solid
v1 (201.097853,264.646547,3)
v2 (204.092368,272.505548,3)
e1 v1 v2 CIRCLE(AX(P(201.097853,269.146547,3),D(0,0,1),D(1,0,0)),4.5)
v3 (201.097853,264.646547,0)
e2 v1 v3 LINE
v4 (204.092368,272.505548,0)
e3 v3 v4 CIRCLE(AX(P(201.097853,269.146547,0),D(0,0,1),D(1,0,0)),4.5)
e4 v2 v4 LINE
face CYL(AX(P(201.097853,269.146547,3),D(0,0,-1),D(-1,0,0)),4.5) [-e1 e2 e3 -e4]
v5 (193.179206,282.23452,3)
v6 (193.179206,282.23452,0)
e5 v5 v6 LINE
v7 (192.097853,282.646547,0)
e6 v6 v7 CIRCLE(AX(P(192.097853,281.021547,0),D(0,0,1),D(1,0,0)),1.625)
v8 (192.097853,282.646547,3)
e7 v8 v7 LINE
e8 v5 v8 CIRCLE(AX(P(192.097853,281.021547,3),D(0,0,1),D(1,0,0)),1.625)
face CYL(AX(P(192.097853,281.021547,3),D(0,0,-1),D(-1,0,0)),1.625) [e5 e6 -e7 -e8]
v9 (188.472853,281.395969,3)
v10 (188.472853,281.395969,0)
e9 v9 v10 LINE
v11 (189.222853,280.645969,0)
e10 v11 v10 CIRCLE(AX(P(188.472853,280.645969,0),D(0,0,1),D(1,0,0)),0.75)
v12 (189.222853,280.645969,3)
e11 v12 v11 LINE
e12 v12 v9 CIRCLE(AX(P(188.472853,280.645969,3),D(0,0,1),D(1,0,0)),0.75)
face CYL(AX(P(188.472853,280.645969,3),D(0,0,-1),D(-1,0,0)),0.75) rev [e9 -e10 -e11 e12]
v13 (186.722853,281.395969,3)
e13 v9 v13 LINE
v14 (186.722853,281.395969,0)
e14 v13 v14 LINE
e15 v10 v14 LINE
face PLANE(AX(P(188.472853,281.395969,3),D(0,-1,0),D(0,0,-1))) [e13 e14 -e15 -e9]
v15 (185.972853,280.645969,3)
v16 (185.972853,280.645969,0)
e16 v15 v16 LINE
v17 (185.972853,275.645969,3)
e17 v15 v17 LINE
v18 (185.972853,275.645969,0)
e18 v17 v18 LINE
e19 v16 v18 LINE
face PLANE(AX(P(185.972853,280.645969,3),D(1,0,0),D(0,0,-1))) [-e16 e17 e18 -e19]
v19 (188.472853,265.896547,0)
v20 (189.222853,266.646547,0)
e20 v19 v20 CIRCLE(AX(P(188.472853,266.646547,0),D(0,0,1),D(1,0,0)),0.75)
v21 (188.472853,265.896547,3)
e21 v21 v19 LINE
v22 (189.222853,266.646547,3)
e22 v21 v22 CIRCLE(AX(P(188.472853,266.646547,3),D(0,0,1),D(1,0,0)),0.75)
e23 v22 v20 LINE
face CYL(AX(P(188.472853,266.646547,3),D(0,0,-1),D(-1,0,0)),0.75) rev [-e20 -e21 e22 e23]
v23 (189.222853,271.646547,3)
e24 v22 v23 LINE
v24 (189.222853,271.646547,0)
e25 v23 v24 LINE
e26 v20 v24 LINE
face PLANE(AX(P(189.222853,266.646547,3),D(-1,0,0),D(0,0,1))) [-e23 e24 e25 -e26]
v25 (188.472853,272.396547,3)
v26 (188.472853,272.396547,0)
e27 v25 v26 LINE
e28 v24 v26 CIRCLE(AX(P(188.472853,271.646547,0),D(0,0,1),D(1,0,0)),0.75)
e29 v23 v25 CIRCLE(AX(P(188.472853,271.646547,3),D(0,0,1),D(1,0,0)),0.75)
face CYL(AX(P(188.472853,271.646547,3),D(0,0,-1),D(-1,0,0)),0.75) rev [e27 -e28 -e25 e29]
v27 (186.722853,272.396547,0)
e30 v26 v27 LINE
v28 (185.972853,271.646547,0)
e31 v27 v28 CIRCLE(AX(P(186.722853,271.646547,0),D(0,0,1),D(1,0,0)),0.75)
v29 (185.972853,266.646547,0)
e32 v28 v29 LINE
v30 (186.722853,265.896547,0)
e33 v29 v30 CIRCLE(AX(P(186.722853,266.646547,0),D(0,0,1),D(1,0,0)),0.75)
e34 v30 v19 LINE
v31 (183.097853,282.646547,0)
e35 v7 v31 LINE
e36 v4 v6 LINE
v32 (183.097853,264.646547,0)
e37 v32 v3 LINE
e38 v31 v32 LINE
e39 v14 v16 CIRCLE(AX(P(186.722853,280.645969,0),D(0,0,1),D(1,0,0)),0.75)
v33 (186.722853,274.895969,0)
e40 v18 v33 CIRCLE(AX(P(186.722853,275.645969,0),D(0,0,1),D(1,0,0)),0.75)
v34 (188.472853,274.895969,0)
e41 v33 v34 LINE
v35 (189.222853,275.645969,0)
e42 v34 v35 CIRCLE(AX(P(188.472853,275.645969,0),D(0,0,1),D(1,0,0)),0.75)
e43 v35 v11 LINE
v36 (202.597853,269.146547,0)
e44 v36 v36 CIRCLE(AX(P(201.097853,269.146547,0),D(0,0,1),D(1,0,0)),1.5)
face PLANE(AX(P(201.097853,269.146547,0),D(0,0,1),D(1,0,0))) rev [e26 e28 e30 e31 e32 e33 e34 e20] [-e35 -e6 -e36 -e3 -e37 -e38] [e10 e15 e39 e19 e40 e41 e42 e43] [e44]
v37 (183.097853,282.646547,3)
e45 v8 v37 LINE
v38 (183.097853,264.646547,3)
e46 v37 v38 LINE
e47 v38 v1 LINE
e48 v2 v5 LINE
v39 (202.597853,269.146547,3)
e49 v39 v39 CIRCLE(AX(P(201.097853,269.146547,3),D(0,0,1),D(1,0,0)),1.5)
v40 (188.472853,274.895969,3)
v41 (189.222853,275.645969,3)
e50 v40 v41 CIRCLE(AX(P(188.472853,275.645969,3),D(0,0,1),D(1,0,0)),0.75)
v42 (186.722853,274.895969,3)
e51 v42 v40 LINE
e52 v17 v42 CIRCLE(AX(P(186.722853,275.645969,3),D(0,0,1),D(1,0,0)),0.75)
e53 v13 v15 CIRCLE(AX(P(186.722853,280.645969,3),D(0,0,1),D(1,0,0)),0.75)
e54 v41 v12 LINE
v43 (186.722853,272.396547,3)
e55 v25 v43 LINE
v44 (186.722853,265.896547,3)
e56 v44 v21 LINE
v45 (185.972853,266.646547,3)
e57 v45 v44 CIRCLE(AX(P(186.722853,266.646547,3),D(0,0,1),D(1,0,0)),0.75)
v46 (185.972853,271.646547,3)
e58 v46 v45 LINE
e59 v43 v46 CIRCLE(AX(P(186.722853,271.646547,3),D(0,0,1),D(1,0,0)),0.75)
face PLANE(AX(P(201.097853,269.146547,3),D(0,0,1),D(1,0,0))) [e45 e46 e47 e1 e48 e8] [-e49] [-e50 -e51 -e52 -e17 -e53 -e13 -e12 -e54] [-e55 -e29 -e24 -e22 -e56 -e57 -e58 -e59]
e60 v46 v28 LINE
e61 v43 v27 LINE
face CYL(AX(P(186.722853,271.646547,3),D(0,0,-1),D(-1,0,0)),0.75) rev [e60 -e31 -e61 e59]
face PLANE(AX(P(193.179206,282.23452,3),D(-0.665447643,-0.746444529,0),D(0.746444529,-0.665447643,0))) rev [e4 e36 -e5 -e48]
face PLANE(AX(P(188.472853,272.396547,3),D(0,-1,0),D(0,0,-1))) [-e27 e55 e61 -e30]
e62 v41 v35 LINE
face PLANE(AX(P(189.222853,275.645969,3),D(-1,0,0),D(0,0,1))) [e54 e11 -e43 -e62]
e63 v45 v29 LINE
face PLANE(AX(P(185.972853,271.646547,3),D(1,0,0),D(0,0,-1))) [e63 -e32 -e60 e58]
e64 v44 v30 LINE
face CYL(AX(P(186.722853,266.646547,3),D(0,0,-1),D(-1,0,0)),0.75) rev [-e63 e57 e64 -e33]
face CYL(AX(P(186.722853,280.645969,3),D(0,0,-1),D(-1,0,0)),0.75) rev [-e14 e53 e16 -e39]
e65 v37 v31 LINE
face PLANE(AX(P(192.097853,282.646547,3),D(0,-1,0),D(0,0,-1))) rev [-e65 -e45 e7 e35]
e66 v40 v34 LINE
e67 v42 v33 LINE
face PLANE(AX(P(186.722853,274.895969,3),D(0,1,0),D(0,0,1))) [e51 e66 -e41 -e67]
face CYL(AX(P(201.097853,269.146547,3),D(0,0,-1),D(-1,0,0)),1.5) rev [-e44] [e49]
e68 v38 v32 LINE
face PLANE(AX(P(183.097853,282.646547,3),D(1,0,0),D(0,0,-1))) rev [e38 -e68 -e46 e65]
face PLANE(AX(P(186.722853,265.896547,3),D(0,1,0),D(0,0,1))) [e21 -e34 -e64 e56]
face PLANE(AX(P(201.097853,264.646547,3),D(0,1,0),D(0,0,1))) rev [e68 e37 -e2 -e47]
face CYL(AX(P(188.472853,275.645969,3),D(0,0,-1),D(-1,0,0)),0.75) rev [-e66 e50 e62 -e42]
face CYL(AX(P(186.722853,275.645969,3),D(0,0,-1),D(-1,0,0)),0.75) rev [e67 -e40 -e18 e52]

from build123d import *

# Parameters (mm, degrees)
MODEL_R                 = 1.5
SALIENTE_EXTRUIR1_DEPTH = 3


with BuildPart() as part:
    # Model → Saliente-Extruir1 (new body)
    with BuildSketch(Plane.XY):
        with BuildLine():
            Line((201.097853309, 264.646547335), (183.097853309, 264.646547335))
            Line((183.097853309, 264.646547335), (183.097853309, 282.646547335))
            Line((183.097853309, 282.646547335), (192.097853309, 282.646547335))
            ThreePointArc((192.097853309, 282.646547335), (192.676448554, 282.540050724), (193.179205728, 282.234519695))
            Line((193.179205728, 282.234519695), (204.092367701, 272.505547716))
            ThreePointArc((204.092367701, 272.505547716), (205.302939617, 267.544283579), (201.097853309, 264.646547335))
        make_face()
        with Locations((201.097853309, 269.146547335)):
            Circle(MODEL_R, mode=Mode.SUBTRACT)
        with BuildLine():
            Line((186.722853309, 265.896547335), (188.472853309, 265.896547335))
            ThreePointArc((188.472853309, 265.896547335), (189.003183395, 266.116217249), (189.222853309, 266.646547335))
            Line((189.222853309, 266.646547335), (189.222853309, 271.646547335))
            ThreePointArc((189.222853309, 271.646547335), (189.003183395, 272.176877421), (188.472853309, 272.396547335))
            Line((188.472853309, 272.396547335), (186.722853309, 272.396547335))
            ThreePointArc((186.722853309, 272.396547335), (186.192523223, 272.176877421), (185.972853309, 271.646547335))
            Line((185.972853309, 271.646547335), (185.972853309, 266.646547335))
            ThreePointArc((185.972853309, 266.646547335), (186.192523223, 266.116217249), (186.722853309, 265.896547335))
        make_face(mode=Mode.SUBTRACT)
        with BuildLine():
            Line((186.722853309, 274.895968764), (188.472853309, 274.895968764))
            ThreePointArc((188.472853309, 274.895968764), (189.003183395, 275.115638678), (189.222853309, 275.645968764))
            Line((189.222853309, 275.645968764), (189.222853309, 280.645968764))
            ThreePointArc((189.222853309, 280.645968764), (189.003183395, 281.17629885), (188.472853309, 281.395968764))
            Line((188.472853309, 281.395968764), (186.722853309, 281.395968764))
            ThreePointArc((186.722853309, 281.395968764), (186.192523223, 281.17629885), (185.972853309, 280.645968764))
            Line((185.972853309, 280.645968764), (185.972853309, 275.645968764))
            ThreePointArc((185.972853309, 275.645968764), (186.192523223, 275.115638678), (186.722853309, 274.895968764))
        make_face(mode=Mode.SUBTRACT)
    extrude(amount=SALIENTE_EXTRUIR1_DEPTH)


solid = part.part
